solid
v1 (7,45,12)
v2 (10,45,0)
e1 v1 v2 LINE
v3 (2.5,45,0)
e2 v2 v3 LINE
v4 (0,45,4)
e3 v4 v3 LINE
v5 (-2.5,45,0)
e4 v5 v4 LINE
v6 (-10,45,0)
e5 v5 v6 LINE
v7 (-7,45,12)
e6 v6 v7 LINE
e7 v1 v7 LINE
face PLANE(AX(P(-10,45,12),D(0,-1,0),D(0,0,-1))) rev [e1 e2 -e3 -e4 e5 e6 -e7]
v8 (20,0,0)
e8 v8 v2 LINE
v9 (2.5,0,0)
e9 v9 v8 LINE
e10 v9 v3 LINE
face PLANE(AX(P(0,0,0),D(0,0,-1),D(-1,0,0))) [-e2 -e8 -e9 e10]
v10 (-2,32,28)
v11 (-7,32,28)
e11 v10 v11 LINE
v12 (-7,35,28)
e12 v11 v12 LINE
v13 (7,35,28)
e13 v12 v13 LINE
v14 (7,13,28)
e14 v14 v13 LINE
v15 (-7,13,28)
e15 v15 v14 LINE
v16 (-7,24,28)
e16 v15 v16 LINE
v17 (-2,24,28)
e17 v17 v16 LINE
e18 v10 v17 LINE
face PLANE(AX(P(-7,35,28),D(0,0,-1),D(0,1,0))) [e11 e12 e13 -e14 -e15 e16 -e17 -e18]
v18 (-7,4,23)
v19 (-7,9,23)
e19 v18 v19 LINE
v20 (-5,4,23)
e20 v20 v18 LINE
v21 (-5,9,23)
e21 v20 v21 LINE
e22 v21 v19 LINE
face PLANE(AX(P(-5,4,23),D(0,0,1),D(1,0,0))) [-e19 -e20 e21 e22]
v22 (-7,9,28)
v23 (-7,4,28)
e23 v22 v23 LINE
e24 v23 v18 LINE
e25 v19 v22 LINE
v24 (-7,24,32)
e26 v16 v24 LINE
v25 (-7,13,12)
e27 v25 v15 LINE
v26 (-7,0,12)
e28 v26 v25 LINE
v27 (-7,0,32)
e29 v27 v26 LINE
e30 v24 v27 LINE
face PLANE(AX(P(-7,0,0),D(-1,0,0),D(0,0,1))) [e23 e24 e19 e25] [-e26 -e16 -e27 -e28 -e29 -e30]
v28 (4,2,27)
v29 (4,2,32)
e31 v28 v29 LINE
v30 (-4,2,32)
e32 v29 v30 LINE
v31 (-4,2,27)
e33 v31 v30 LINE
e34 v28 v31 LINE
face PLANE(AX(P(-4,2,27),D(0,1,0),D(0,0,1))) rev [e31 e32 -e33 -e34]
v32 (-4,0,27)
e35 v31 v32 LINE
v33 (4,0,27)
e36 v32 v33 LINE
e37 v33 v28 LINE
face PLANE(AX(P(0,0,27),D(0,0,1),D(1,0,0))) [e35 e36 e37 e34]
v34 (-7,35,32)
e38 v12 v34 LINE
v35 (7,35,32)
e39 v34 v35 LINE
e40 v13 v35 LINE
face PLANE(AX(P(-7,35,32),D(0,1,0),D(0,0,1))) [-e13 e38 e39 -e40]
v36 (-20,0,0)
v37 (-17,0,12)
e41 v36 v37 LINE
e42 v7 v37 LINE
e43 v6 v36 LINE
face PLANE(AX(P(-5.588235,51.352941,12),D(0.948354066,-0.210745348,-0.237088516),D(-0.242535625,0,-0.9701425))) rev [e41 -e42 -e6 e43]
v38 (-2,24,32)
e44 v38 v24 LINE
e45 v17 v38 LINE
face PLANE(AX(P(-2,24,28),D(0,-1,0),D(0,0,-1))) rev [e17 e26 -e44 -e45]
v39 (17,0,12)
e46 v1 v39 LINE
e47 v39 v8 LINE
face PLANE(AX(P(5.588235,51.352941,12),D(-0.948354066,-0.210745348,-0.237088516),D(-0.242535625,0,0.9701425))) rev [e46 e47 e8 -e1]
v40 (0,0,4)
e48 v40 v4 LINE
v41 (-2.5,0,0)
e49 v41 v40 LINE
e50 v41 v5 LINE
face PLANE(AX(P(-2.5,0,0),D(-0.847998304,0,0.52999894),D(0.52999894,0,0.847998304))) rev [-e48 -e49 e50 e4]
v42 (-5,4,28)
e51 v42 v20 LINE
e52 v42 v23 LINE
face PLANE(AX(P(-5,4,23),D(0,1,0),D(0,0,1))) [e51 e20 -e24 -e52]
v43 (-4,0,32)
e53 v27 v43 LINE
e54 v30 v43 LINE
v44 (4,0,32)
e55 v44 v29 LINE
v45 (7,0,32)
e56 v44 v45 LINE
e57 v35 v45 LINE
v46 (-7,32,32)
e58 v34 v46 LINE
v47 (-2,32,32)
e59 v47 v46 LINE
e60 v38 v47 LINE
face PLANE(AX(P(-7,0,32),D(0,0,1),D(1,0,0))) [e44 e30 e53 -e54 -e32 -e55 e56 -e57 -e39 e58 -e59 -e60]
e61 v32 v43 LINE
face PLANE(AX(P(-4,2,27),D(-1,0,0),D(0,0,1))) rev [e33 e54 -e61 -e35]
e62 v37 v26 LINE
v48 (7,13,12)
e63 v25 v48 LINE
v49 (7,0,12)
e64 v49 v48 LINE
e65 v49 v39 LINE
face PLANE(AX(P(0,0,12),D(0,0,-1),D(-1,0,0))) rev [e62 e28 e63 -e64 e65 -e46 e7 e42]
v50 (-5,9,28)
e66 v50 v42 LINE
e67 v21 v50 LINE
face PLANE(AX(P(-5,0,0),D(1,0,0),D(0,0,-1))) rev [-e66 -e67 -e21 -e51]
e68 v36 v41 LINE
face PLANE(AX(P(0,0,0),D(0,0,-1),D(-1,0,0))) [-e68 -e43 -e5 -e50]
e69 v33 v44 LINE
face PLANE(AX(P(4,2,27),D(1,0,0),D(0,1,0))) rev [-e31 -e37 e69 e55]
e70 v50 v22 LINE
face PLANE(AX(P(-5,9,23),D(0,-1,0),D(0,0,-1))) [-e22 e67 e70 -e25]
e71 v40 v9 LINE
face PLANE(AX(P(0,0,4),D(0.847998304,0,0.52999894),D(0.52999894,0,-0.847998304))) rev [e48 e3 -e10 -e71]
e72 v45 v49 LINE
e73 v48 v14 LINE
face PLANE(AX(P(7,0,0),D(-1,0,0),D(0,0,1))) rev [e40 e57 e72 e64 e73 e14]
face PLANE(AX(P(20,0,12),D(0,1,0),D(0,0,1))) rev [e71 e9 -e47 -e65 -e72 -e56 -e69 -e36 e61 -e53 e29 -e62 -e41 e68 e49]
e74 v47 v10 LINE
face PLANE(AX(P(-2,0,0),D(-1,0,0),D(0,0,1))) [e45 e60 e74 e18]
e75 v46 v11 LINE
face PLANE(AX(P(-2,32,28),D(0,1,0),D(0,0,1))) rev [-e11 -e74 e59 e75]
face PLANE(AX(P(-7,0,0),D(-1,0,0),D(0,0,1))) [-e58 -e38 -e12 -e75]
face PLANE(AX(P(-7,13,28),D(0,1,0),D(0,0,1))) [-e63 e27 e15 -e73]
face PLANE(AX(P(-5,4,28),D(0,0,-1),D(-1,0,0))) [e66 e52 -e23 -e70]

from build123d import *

# Parameters (mm, degrees)
EXTRUDE_1_DEPTH      = 12
CUT_EXTRUDE_1_DEPTH  = 52.946106026
CUT_EXTRUDE_2_DEPTH  = 52.946106026
CUT_EXTRUDE_3_DEPTH  = 51.68530359
EXTRUDE_2_DEPTH      = 7
EXTRUDE_2_DEPTH_BACK = 7
SKETCH_6_W           = 8
SKETCH_6_H           = 2
CUT_EXTRUDE_4_DEPTH  = 5
SKETCH_7_W           = 4
SKETCH_7_H           = 8
CUT_EXTRUDE_5_DEPTH  = 5
SKETCH_8_W           = 5
SKETCH_8_H           = 5
CUT_EXTRUDE_6_DEPTH  = 2


with BuildPart() as part:
    # Эскиз1 → Бобышка-Вытянуть1 (new body)
    with BuildSketch(Plane.XY):
        Polygon((-10, 45), (10, 45), (20, 0), (-20, 0), align=None)
    extrude(amount=EXTRUDE_1_DEPTH)

    # Эскиз2 → Вырез-Вытянуть1 (cut, through all, along a direction that is not the sketch's normal)
    with BuildSketch(Plane.XZ):
        Polygon((-20, 0), (-20, 12), (-17, 12), align=None)
    extrude(amount=-CUT_EXTRUDE_1_DEPTH, dir=(-0.21693045781865616, -0.9761870601839528, 0), mode=Mode.SUBTRACT)

    # Эскиз3 → Вырез-Вытянуть2 (cut, through all, along a direction that is not the sketch's normal)
    with BuildSketch(Plane.XZ):
        Polygon((20, 0), (20, 12), (17, 12), align=None)
    extrude(amount=-CUT_EXTRUDE_2_DEPTH, dir=(0.21693045781865616, -0.9761870601839528, 0), mode=Mode.SUBTRACT)

    # Эскиз4 → Вырез-Вытянуть3 (cut, through all)
    with BuildSketch(Plane(origin=(0, 45, 0), x_dir=(1, 0, 0), z_dir=(0, 1, 0))):
        Polygon((0, 0), (-2.5, 0), (0, -4), (2.5, 0), align=None)
    extrude(amount=-CUT_EXTRUDE_3_DEPTH, mode=Mode.SUBTRACT)

    # Эскиз5 → Бобышка-Вытянуть2 (add, two sides: drawn at the far end of the back side and taken through both)
    with BuildSketch(Plane(origin=(0, 0, 0), x_dir=(0, 0, -1), z_dir=(1, 0, 0)).offset(-EXTRUDE_2_DEPTH_BACK)):
        Polygon((-12, 0), (-32, 0), (-32, 35), (-28, 35), (-28, 13), (-12, 13), align=None)
    extrude(amount=EXTRUDE_2_DEPTH + EXTRUDE_2_DEPTH_BACK)

    # Эскиз6 → Вырез-Вытянуть4 (cut)
    with BuildSketch(Plane.XY.offset(32)):
        with Locations((0, 1)):
            Rectangle(SKETCH_6_W, SKETCH_6_H)
    extrude(amount=-CUT_EXTRUDE_4_DEPTH, mode=Mode.SUBTRACT)

    # Эскиз7 → Вырез-Вытянуть5 (cut)
    with BuildSketch(Plane.ZY.offset(7)):
        with Locations((30, 28)):
            Rectangle(SKETCH_7_W, SKETCH_7_H)
    extrude(amount=-CUT_EXTRUDE_5_DEPTH, mode=Mode.SUBTRACT)

    # Эскиз8 → Вырез-Вытянуть6 (cut)
    with BuildSketch(Plane(origin=(-7, 0, 0), x_dir=(0, 0, -1), z_dir=(1, 0, 0))):
        with Locations((-25.5, 6.5)):
            Rectangle(SKETCH_8_W, SKETCH_8_H)
    extrude(amount=CUT_EXTRUDE_6_DEPTH, mode=Mode.SUBTRACT)


solid = part.part
